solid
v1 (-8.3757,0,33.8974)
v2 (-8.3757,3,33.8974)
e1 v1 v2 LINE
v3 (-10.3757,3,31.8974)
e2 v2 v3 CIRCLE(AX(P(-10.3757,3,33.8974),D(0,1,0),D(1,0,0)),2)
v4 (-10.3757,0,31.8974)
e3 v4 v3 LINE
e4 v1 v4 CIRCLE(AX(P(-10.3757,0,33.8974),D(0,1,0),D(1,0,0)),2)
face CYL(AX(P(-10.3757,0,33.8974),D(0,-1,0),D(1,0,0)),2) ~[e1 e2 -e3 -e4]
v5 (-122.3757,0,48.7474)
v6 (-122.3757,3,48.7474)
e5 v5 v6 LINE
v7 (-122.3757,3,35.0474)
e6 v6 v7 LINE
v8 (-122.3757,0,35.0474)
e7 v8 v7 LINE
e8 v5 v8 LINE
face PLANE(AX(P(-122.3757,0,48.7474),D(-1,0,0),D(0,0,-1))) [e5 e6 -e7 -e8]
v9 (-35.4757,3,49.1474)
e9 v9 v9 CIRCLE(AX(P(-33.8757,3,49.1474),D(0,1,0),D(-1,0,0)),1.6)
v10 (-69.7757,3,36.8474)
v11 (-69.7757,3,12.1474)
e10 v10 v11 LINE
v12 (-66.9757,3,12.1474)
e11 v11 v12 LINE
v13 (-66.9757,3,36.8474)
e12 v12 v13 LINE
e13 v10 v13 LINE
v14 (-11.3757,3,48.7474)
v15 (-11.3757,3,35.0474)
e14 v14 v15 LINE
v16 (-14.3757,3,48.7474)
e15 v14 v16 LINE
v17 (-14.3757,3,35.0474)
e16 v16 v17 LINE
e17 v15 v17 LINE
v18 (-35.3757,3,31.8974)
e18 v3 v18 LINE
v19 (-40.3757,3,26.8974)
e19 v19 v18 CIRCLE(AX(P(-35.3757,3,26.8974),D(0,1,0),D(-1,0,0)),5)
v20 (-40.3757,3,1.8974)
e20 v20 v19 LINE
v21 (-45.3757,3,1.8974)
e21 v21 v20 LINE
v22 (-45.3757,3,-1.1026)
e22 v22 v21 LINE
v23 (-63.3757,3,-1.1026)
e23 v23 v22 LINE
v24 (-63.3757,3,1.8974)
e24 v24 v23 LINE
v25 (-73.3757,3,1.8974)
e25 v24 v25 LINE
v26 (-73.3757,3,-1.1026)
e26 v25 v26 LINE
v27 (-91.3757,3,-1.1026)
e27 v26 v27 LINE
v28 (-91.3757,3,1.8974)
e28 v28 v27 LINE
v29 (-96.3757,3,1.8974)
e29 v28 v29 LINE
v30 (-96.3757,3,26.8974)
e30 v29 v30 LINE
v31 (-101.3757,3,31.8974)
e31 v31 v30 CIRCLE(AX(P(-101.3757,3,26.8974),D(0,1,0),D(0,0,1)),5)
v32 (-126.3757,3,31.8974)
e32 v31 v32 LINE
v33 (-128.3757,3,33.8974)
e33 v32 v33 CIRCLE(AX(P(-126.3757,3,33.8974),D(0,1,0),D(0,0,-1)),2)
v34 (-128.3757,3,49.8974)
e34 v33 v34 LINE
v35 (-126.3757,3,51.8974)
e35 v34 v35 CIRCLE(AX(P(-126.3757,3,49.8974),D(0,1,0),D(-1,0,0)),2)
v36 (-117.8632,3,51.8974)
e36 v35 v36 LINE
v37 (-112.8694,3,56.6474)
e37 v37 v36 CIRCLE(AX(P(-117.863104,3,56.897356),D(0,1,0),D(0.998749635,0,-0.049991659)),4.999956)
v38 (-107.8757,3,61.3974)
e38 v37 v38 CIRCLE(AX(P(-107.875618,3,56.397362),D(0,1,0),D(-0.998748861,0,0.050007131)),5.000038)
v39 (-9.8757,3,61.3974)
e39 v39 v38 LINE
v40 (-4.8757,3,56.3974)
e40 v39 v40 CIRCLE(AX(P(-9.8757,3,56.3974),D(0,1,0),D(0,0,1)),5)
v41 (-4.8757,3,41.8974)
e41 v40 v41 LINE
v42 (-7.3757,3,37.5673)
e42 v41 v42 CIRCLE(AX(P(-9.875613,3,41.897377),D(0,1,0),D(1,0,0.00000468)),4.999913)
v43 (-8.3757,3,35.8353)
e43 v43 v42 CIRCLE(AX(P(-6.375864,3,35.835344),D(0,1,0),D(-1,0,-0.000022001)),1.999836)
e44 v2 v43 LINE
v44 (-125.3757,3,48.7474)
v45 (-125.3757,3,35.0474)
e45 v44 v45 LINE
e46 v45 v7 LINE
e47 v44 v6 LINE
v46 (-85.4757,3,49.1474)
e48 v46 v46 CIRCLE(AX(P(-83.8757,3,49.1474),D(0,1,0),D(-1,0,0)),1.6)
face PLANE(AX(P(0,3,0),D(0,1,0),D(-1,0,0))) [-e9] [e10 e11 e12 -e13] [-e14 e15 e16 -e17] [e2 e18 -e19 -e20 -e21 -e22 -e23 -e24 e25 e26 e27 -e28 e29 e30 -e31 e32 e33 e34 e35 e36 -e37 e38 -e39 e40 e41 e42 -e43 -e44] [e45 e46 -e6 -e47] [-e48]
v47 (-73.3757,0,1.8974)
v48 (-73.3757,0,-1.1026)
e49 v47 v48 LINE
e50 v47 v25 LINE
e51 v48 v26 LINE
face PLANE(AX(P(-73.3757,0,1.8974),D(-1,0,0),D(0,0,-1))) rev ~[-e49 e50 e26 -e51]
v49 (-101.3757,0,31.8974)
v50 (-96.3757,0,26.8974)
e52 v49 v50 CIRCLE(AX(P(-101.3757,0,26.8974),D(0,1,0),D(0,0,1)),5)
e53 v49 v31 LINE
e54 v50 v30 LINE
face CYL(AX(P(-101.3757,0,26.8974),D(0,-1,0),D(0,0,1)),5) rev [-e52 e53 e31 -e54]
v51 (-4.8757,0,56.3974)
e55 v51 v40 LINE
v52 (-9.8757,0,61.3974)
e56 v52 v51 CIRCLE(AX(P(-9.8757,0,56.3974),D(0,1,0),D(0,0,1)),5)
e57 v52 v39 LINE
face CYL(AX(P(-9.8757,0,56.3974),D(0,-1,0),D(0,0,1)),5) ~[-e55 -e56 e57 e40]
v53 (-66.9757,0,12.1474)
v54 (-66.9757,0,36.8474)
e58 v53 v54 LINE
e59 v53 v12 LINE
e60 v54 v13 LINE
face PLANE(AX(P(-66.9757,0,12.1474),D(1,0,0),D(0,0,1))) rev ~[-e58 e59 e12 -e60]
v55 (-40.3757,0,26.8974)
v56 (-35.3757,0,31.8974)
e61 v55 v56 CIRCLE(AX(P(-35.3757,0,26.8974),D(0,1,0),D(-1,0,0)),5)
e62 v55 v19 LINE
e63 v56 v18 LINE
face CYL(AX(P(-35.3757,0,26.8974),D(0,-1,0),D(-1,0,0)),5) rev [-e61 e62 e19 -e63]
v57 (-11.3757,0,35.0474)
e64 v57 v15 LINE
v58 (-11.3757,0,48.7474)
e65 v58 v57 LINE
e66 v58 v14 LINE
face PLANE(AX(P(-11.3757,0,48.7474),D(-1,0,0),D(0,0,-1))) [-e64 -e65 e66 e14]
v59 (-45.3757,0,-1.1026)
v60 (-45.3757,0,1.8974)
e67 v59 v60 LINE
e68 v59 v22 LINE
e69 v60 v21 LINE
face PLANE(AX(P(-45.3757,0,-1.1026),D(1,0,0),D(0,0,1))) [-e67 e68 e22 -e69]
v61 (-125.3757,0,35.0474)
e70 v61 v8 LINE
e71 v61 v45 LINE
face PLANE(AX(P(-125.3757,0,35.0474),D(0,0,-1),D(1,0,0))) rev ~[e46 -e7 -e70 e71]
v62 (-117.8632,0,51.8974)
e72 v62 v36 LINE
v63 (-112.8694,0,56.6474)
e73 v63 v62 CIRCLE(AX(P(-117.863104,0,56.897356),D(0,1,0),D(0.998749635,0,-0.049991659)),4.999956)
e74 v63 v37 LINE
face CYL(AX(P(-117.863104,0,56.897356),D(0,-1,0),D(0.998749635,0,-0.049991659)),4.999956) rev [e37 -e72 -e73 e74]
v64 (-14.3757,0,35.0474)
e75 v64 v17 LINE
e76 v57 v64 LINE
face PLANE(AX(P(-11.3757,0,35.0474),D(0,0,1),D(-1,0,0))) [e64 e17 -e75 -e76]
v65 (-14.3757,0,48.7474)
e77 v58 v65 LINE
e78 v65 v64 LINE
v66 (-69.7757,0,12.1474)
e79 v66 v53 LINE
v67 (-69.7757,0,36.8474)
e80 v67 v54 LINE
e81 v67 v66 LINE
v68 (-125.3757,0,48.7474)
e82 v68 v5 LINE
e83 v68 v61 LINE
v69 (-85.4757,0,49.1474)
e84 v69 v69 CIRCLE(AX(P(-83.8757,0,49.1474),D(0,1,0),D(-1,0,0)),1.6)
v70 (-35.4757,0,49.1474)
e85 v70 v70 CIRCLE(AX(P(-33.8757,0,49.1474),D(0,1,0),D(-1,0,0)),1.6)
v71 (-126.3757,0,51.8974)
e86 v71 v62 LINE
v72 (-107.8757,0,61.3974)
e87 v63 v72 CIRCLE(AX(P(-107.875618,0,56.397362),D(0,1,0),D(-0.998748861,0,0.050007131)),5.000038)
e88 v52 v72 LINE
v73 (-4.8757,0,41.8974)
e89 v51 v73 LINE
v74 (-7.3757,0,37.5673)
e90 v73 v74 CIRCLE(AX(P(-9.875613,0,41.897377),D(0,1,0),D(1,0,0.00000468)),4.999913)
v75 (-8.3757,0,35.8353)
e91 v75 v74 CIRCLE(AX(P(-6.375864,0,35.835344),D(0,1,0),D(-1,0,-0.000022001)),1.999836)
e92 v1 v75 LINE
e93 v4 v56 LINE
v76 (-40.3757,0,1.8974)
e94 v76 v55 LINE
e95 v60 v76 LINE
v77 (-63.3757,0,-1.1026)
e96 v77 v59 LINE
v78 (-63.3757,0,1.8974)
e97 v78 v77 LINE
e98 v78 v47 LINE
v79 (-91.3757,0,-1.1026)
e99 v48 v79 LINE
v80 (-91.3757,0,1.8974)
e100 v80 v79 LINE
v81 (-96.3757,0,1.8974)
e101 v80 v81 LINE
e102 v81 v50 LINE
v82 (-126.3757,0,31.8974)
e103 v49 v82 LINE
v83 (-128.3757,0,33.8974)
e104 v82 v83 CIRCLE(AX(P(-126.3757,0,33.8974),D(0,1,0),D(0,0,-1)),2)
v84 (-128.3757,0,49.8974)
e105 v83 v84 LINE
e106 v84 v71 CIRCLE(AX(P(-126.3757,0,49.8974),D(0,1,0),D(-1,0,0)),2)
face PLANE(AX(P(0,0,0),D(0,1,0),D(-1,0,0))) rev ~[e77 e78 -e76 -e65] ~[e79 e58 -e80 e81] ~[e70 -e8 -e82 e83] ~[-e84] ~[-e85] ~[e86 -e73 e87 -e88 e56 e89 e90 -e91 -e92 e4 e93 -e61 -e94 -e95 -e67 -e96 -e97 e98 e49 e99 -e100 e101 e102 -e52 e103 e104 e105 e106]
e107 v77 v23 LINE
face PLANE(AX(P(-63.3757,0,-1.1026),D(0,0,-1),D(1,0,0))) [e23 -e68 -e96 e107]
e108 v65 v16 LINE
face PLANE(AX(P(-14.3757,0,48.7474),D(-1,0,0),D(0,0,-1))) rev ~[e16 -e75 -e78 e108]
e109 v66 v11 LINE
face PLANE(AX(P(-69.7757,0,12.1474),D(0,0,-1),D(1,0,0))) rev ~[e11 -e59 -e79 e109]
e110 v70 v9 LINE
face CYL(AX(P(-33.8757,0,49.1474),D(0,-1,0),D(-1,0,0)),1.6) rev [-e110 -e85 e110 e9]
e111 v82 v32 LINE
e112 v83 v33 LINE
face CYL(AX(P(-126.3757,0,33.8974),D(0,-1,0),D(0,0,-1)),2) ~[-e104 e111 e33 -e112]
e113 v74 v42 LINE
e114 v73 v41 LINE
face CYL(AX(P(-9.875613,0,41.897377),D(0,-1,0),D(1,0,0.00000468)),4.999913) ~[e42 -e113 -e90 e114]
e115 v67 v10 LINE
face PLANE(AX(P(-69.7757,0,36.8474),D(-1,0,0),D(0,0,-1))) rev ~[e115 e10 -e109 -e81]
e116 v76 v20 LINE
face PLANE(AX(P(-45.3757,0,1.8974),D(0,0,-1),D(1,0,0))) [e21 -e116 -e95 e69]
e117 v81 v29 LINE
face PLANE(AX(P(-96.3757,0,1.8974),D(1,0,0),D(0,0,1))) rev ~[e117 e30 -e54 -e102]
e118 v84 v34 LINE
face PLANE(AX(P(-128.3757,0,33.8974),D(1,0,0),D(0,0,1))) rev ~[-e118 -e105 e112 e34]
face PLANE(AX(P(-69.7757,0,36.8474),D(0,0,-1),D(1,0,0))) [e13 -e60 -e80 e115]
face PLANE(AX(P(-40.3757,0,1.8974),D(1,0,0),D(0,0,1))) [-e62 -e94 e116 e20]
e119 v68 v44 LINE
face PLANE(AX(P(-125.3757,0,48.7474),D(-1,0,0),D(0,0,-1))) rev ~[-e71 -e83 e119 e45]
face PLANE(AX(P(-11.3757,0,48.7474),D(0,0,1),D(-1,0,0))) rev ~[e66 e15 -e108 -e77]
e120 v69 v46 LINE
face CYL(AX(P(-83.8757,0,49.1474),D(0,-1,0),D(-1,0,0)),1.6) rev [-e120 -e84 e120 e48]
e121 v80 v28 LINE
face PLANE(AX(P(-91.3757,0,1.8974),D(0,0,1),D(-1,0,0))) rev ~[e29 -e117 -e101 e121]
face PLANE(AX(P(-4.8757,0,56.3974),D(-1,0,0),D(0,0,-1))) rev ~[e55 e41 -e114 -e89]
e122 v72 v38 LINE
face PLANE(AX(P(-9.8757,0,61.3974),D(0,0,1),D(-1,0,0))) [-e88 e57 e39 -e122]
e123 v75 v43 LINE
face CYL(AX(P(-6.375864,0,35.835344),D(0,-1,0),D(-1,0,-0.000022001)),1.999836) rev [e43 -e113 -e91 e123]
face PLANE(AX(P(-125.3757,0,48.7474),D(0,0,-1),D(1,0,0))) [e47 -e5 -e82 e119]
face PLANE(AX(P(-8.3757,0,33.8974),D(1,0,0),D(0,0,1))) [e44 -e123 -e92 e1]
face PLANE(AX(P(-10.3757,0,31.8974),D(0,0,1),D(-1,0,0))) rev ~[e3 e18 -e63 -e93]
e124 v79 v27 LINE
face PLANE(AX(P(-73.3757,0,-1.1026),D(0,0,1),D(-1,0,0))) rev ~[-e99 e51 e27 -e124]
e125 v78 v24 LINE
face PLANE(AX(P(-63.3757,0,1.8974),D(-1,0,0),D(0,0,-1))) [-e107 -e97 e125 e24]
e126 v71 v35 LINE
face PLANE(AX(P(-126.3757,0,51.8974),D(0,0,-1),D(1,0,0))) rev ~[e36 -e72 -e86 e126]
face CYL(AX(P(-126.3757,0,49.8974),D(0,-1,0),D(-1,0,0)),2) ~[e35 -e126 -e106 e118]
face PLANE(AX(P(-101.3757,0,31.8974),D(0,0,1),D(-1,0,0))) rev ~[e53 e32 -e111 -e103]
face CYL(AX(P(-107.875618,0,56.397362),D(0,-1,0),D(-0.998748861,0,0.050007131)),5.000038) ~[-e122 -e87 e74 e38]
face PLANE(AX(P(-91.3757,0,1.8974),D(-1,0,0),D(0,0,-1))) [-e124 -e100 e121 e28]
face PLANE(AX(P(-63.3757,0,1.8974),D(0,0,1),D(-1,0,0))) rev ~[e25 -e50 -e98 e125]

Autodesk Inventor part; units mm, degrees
ref_plane "YZ Plane" through (0, 0, 0) normal (1, 0, 0) x (0, 1, 0)
ref_plane "XZ Plane" through (0, 0, 0) normal (0, 1, 0) x (-1, 0, 0)
ref_plane "XY Plane" through (0, 0, 0) normal (0, 0, 1) x (1, 0, 0)
sketch "Sketch1" plane through (0, 0, 0) normal (0, 1, 0) x (-1, 0, 0)
  line L0 (63.3757, -1.1026) -> (45.3757, -1.1026)
  line L1 (73.3757, -1.1026) -> (91.3757, -1.1026)
  line L2 (63.3757, 1.8974) -> (63.3757, -1.1026)
  line L3 (45.3757, -1.1026) -> (45.3757, 1.8974)
  line L4 (73.3757, 1.8974) -> (73.3757, -1.1026)
  line L5 (91.3757, 1.8974) -> (91.3757, -1.1026)
  line L6 (63.3757, 1.8974) -> (73.3757, 1.8974)
  line L7 (45.3757, 1.8974) -> (40.3757, 1.8974)
  line L8 (91.3757, 1.8974) -> (96.3757, 1.8974)
  circle A0 centre (33.8757, 49.1474) radius 1.6
  circle A1 centre (83.8757, 49.1474) radius 1.6
  line L9 (9.8757, 61.3974) -> (107.8757, 61.3974)
  arc A2 (112.8694, 56.6474) -> (107.8757, 61.3974) centre (107.8757, 56.3974) ccw
  arc A3 (112.8694, 56.6474) -> (117.8632, 51.8974) centre (117.8632, 56.8974) ccw
  arc A4 (4.8757, 41.8974) -> (7.3757, 37.5673) centre (9.8757, 41.8974) ccw
  arc A5 (8.3757, 35.8353) -> (7.3757, 37.5673) centre (6.3757, 35.8353) ccw
  line L10 (4.8757, 56.3974) -> (4.8757, 41.8974)
  arc A6 (9.8757, 61.3974) -> (4.8757, 56.3974) centre (9.8757, 56.3974) ccw
  line L11 (96.3757, 1.8974) -> (96.3757, 26.8974)
  line L12 (66.9757, 12.1474) -> (66.9757, 36.8474)
  line L13 (69.7757, 36.8474) -> (69.7757, 12.1474)
  line L14 (69.7757, 36.8474) -> (66.9757, 36.8474)
  line L15 (69.7757, 12.1474) -> (66.9757, 12.1474)
  line L16 (40.3757, 1.8974) -> (40.3757, 26.8974)
  arc A7 (40.3757, 26.8974) -> (35.3757, 31.8974) centre (35.3757, 26.8974) ccw
  line L17 (14.3757, 48.7474) -> (14.3757, 35.0474)
  line L18 (11.3757, 35.0474) -> (14.3757, 35.0474)
  line L19 (11.3757, 48.7474) -> (14.3757, 48.7474)
  line L20 (11.3757, 48.7474) -> (11.3757, 35.0474)
  line L21 (10.3757, 31.8974) -> (35.3757, 31.8974)
  arc A8 (8.3757, 33.8974) -> (10.3757, 31.8974) centre (10.3757, 33.8974) ccw
  line L22 (122.3757, 48.7474) -> (122.3757, 35.0474)
  line L23 (125.3757, 35.0474) -> (122.3757, 35.0474)
  line L24 (125.3757, 48.7474) -> (122.3757, 48.7474)
  line L25 (125.3757, 48.7474) -> (125.3757, 35.0474)
  line L26 (101.3757, 31.8974) -> (126.3757, 31.8974)
  arc A9 (101.3757, 31.8974) -> (96.3757, 26.8974) centre (101.3757, 26.8974) ccw
  line L27 (128.3757, 33.8974) -> (128.3757, 49.8974)
  arc A10 (126.3757, 31.8974) -> (128.3757, 33.8974) centre (126.3757, 33.8974) ccw
  arc A11 (128.3757, 49.8974) -> (126.3757, 51.8974) centre (126.3757, 49.8974) ccw
  line L28 (126.3757, 51.8974) -> (117.8632, 51.8974)
  line L29 (8.3757, 33.8974) -> (8.3757, 35.8353)
extrude "Extrusion1" add sketch "Sketch1" along normal blind 3
properties part number "trackingCamMountFront" material "Polycarbonate, Clear"
